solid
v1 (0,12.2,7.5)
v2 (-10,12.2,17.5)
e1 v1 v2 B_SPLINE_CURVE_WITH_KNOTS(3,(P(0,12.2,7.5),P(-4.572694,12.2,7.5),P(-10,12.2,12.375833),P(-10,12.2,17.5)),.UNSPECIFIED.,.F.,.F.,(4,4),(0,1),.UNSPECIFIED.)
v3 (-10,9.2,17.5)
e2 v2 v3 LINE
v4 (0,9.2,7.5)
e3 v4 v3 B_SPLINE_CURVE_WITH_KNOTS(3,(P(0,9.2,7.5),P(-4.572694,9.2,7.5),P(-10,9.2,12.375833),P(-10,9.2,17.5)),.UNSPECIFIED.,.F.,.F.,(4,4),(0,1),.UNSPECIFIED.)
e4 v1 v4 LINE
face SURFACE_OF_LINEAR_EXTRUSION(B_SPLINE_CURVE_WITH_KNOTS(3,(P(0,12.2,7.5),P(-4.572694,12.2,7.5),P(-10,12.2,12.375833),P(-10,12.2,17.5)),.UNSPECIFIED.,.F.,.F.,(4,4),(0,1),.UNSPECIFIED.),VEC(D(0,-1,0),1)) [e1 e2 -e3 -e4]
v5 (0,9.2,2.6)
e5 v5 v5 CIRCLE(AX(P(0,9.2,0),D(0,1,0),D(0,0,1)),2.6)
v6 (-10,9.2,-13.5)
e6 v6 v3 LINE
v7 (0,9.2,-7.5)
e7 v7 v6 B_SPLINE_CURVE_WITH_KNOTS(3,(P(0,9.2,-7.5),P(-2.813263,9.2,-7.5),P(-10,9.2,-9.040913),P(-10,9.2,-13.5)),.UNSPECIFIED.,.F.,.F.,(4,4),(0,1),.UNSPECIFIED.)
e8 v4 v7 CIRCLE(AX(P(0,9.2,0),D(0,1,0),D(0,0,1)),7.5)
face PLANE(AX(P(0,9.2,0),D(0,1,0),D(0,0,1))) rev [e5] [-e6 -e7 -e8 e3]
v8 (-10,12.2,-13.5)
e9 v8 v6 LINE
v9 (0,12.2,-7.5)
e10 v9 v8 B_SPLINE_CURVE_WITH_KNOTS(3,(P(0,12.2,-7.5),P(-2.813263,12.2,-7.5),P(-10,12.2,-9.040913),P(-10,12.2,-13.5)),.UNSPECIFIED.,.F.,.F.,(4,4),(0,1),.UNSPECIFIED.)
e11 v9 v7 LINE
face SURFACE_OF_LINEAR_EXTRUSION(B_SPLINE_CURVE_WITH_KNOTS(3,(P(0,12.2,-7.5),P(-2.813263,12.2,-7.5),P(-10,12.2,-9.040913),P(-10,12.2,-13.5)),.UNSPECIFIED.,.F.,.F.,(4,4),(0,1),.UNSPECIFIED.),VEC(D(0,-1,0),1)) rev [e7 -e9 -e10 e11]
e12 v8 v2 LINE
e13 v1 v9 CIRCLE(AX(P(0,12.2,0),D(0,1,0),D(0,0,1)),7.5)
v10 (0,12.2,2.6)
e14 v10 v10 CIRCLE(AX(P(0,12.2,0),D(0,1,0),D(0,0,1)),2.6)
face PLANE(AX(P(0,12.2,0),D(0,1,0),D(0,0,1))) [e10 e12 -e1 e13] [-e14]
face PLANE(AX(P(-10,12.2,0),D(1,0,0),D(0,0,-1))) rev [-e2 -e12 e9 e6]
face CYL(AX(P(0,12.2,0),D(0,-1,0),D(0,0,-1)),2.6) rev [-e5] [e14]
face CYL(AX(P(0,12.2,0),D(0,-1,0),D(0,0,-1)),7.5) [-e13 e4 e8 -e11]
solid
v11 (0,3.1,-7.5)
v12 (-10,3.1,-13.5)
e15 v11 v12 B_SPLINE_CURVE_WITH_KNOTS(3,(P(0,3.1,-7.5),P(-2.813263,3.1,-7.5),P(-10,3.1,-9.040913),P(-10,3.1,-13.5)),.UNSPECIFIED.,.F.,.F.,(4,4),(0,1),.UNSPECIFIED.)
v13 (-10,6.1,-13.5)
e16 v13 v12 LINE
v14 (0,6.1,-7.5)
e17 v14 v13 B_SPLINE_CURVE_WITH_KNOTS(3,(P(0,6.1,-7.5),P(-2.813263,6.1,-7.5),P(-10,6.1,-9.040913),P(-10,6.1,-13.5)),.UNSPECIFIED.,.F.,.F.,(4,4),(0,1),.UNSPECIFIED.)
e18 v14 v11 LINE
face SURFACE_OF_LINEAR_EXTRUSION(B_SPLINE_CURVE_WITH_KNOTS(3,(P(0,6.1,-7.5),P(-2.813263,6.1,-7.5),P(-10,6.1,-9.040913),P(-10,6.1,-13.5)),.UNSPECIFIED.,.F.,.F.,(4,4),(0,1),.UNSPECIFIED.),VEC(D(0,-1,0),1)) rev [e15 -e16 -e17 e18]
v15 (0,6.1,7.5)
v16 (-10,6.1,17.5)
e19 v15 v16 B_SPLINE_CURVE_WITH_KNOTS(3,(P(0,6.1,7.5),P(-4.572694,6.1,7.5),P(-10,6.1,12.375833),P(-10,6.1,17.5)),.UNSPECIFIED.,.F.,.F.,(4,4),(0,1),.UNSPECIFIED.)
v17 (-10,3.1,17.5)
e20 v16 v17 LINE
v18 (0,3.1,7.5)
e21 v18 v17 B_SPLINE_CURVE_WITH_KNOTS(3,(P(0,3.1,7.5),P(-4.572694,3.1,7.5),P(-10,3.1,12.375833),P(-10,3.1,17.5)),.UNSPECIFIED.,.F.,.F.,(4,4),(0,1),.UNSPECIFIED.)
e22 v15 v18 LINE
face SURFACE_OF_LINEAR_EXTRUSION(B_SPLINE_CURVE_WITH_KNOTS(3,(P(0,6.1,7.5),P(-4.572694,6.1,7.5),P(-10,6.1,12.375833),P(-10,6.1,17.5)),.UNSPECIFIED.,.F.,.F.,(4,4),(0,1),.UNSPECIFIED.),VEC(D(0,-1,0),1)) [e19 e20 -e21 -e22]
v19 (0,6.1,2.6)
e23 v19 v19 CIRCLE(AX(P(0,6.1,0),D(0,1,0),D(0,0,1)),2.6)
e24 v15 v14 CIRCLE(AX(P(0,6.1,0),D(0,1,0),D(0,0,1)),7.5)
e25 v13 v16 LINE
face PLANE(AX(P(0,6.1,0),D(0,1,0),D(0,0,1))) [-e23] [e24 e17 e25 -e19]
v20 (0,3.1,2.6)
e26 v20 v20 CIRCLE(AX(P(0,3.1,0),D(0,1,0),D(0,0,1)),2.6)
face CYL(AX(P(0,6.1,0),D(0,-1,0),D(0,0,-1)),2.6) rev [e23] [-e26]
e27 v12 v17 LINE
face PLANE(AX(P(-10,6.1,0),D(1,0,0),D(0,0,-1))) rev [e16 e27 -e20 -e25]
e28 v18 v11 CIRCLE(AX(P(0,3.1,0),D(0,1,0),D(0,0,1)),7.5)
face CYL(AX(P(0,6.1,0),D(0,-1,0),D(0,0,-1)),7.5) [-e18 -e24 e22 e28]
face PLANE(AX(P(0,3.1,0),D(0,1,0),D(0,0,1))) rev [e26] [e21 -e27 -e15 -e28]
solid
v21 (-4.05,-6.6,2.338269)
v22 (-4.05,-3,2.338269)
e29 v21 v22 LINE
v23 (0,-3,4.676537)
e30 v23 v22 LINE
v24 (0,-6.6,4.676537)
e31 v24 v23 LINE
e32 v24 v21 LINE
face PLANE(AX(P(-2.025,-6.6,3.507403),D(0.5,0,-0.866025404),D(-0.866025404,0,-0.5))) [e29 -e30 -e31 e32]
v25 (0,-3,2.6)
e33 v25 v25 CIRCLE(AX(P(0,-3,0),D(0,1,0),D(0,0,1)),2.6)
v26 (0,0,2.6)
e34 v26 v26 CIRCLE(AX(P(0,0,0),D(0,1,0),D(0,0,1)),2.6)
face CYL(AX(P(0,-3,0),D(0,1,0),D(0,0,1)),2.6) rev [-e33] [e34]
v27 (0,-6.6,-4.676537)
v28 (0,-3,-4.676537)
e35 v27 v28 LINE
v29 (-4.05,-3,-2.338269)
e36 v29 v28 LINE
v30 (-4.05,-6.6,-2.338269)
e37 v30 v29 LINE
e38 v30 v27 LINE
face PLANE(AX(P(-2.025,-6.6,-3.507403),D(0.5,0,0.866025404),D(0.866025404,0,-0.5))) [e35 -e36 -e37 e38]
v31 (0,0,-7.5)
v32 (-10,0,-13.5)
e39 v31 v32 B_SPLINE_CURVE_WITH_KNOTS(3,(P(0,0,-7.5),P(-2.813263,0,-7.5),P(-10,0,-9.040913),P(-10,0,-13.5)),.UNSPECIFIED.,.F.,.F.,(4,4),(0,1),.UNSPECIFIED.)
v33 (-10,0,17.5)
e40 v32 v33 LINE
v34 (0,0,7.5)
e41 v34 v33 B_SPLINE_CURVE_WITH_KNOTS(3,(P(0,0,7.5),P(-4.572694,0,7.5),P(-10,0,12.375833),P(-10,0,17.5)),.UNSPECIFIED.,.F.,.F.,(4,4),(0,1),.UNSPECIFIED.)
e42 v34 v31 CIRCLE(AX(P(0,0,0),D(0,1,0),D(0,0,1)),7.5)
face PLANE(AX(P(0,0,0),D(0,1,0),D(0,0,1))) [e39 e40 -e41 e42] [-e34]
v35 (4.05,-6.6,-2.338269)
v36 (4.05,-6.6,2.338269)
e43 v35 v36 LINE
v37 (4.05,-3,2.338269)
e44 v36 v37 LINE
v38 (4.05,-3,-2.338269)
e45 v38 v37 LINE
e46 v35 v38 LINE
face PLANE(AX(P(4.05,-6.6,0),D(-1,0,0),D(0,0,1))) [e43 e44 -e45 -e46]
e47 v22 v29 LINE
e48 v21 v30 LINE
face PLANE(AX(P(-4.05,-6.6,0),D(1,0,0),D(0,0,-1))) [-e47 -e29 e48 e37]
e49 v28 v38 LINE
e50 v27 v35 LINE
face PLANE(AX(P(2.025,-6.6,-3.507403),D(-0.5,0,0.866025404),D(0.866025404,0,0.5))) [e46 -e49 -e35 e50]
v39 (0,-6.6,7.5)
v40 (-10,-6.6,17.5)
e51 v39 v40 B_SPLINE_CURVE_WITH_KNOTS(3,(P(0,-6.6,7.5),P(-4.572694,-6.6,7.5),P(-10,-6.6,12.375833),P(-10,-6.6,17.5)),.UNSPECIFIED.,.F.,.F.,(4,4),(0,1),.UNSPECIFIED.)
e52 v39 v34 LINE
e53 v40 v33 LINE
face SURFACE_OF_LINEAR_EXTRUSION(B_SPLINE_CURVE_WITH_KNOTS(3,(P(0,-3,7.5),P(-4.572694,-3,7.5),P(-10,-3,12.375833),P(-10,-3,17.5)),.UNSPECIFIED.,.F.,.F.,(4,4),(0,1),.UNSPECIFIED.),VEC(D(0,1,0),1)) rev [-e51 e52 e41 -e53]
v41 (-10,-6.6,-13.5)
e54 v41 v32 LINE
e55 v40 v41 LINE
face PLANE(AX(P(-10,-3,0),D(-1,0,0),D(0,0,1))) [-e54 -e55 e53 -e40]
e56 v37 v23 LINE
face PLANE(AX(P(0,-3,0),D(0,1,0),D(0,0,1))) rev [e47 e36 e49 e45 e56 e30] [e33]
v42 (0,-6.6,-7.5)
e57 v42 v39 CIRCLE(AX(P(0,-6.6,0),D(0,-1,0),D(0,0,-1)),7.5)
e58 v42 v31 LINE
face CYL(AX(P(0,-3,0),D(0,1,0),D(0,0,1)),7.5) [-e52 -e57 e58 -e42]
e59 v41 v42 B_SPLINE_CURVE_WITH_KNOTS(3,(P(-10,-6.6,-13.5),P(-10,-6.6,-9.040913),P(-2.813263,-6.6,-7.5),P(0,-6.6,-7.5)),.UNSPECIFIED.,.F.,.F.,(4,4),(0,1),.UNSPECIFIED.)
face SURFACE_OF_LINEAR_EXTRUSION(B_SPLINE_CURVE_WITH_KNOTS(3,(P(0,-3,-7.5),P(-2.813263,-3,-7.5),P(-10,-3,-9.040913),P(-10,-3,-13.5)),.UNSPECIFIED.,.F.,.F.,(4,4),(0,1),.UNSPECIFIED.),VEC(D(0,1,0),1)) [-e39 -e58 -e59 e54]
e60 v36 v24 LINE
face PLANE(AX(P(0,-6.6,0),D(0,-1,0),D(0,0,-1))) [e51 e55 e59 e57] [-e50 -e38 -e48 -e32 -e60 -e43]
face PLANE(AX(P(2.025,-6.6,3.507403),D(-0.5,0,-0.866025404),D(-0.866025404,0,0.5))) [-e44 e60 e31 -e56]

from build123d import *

# Parameters (mm, degrees)
SKETCH1_R           = 2.6
BOSS_EXTRUDE1_DEPTH = 3
SKETCH2_R           = 7.5
SKETCH2_R_2         = 2.6
BOSS_EXTRUDE2_DEPTH = 3
SKETCH3_R           = 7.5
SKETCH3_R_2         = 2.6
BOSS_EXTRUDE3_DEPTH = 3
BOSS_EXTRUDE4_DEPTH = 3.6


with BuildPart() as part:
    # Sketch1 → Boss-Extrude1 (new body)
    # profile 1 of 4: a face of its own
    with BuildSketch(Plane(origin=(0, 0, 0), x_dir=(1, 0, 0), z_dir=(0, 1, 0))):
        with BuildLine():
            ThreePointArc((0, -7.5), (-7.5, 0), (0, 7.5))
            Line((0, 7.5), (-10, 7.5))
            Line((-10, 7.5), (-10, -7.5))
            Line((-10, -7.5), (0, -7.5))
        make_face()
    # profile 2 of 4: a face of its own
    with BuildSketch(Plane(origin=(0, 0, 0), x_dir=(1, 0, 0), z_dir=(0, 1, 0))):
        with BuildLine():
            ThreePointArc((7.5, 0), (5.303300859, 5.303300859), (0, 7.5))
            ThreePointArc((0, 7.5), (-7.5, 0), (0, -7.5))
            ThreePointArc((0, -7.5), (5.303300859, -5.303300859), (7.5, 0))
        make_face()
        with Locations(Location((0, 0, 0), (0, 0, 270))):
            Circle(SKETCH1_R, mode=Mode.SUBTRACT)
    # profile 3 of 4: a face of its own
    with BuildSketch(Plane(origin=(0, 0, 0), x_dir=(1, 0, 0), z_dir=(0, 1, 0))):
        with BuildLine():
            Line((-10, 7.5), (0, 7.5))
            add(Edge.make_bspline(
                [(0, 7.5), (-2.81326337, 7.5), (-10, 9.040913294), (-10, 13.5)],
                knots=[0, 0, 0, 0, 1, 1, 1, 1], degree=3))
            Line((-10, 13.5), (-10, 7.5))
        make_face()
    # profile 4 of 4: a face of its own
    with BuildSketch(Plane(origin=(0, 0, 0), x_dir=(1, 0, 0), z_dir=(0, 1, 0))):
        with BuildLine():
            add(Edge.make_bspline(
                [(0, -7.5), (-4.572694464, -7.5), (-10, -12.37583285), (-10, -17.5)],
                knots=[0, 0, 0, 0, 1, 1, 1, 1], degree=3))
            Line((0, -7.5), (-10, -7.5))
            Line((-10, -7.5), (-10, -17.5))
        make_face()
    extrude(amount=-BOSS_EXTRUDE1_DEPTH)

    # Sketch4 → Boss-Extrude4 (add)
    # profile 1 of 4: a face of its own
    with BuildSketch(Plane.XZ.offset(3)):
        with BuildLine():
            add(Edge.make_bspline(
                [(0, -7.5), (-2.81326337, -7.5), (-10, -9.040913294), (-10, -13.5)],
                knots=[0, 0, 0, 0, 1, 1, 1, 1], degree=3))
            Line((0, -7.5), (-10, -7.5))
            Line((-10, -7.5), (-10, -13.5))
        make_face()
    # profile 2 of 4: a face of its own
    with BuildSketch(Plane.XZ.offset(3)):
        with BuildLine():
            Line((-10, -7.5), (0, -7.5))
            ThreePointArc((0, -7.5), (-7.5, 0), (0, 7.5))
            Line((0, 7.5), (-10, 7.5))
            Line((-10, 7.5), (-10, -7.5))
        make_face()
    # profile 3 of 4: a face of its own
    with BuildSketch(Plane.XZ.offset(3)):
        with BuildLine():
            ThreePointArc((0, 7.5), (-7.5, 0), (0, -7.5))
            ThreePointArc((0, -7.5), (5.303300859, -5.303300859), (7.5, 0))
            ThreePointArc((7.5, 0), (5.303300859, 5.303300859), (0, 7.5))
        make_face()
        Polygon((0, 4.67653718), (4.05, 2.33826859), (4.05, -2.33826859), (0, -4.67653718), (-4.05, -2.33826859), (-4.05, 2.33826859), align=None, mode=Mode.SUBTRACT)
    # profile 4 of 4: a face of its own
    with BuildSketch(Plane.XZ.offset(3)):
        with BuildLine():
            Line((-10, 7.5), (0, 7.5))
            add(Edge.make_bspline(
                [(0, 7.5), (-4.572694464, 7.5), (-10, 12.37583285), (-10, 17.5)],
                knots=[0, 0, 0, 0, 1, 1, 1, 1], degree=3))
            Line((-10, 17.5), (-10, 7.5))
        make_face()
    extrude(amount=BOSS_EXTRUDE4_DEPTH)


with BuildPart() as body_2:
    # Sketch2 → Boss-Extrude2 (new body)
    # profile 1 of 4: a face of its own
    with BuildSketch(Plane(origin=(0, 3.1, 0), x_dir=(1, 0, 0), z_dir=(0, 1, 0))):
        with BuildLine():
            ThreePointArc((0, -7.5), (-7.5, 0), (0, 7.5))
            Line((0, 7.5), (-10, 7.5))
            Line((-10, 7.5), (-10, -7.5))
            Line((-10, -7.5), (0, -7.5))
        make_face()
    # profile 2 of 4: a face of its own
    with BuildSketch(Plane(origin=(0, 3.1, 0), x_dir=(1, 0, 0), z_dir=(0, 1, 0))):
        Circle(SKETCH2_R)
        with Locations(Location((0, 0, 0), (0, 0, 270))):
            Circle(SKETCH2_R_2, mode=Mode.SUBTRACT)
    # profile 3 of 4: a face of its own
    with BuildSketch(Plane(origin=(0, 3.1, 0), x_dir=(1, 0, 0), z_dir=(0, 1, 0))):
        with BuildLine():
            add(Edge.make_bspline(
                [(0, -7.5), (-4.572694464, -7.5), (-10, -12.37583285), (-10, -17.5)],
                knots=[0, 0, 0, 0, 1, 1, 1, 1], degree=3))
            Line((-10, -17.5), (-10, -7.5))
            Line((-10, -7.5), (0, -7.5))
        make_face()
    # profile 4 of 4: a face of its own
    with BuildSketch(Plane(origin=(0, 3.1, 0), x_dir=(1, 0, 0), z_dir=(0, 1, 0))):
        with BuildLine():
            Line((0, 7.5), (-10, 7.5))
            Line((-10, 7.5), (-10, 13.5))
            add(Edge.make_bspline(
                [(0, 7.5), (-2.81326337, 7.5), (-10, 9.040913294), (-10, 13.5)],
                knots=[0, 0, 0, 0, 1, 1, 1, 1], degree=3))
        make_face()
    extrude(amount=BOSS_EXTRUDE2_DEPTH)


with BuildPart() as body_3:
    # Sketch3 → Boss-Extrude3 (new body)
    # profile 1 of 4: a face of its own
    with BuildSketch(Plane(origin=(0, 9.2, 0), x_dir=(1, 0, 0), z_dir=(0, 1, 0))):
        with BuildLine():
            ThreePointArc((0, -7.5), (-7.5, 0), (0, 7.5))
            Line((0, 7.5), (-10, 7.5))
            Line((-10, 7.5), (-10, -7.5))
            Line((-10, -7.5), (0, -7.5))
        make_face()
    # profile 2 of 4: a face of its own
    with BuildSketch(Plane(origin=(0, 9.2, 0), x_dir=(1, 0, 0), z_dir=(0, 1, 0))):
        Circle(SKETCH3_R)
        with Locations(Location((0, 0, 0), (0, 0, 270))):
            Circle(SKETCH3_R_2, mode=Mode.SUBTRACT)
    # profile 3 of 4: a face of its own
    with BuildSketch(Plane(origin=(0, 9.2, 0), x_dir=(1, 0, 0), z_dir=(0, 1, 0))):
        with BuildLine():
            add(Edge.make_bspline(
                [(0, -7.5), (-4.572694464, -7.5), (-10, -12.37583285), (-10, -17.5)],
                knots=[0, 0, 0, 0, 1, 1, 1, 1], degree=3))
            Line((-10, -17.5), (-10, -7.5))
            Line((-10, -7.5), (0, -7.5))
        make_face()
    # profile 4 of 4: a face of its own
    with BuildSketch(Plane(origin=(0, 9.2, 0), x_dir=(1, 0, 0), z_dir=(0, 1, 0))):
        with BuildLine():
            Line((0, 7.5), (-10, 7.5))
            Line((-10, 7.5), (-10, 13.5))
            add(Edge.make_bspline(
                [(0, 7.5), (-2.81326337, 7.5), (-10, 9.040913294), (-10, 13.5)],
                knots=[0, 0, 0, 0, 1, 1, 1, 1], degree=3))
        make_face()
    extrude(amount=BOSS_EXTRUDE3_DEPTH)


solid = Compound([part.part, body_2.part, body_3.part])
